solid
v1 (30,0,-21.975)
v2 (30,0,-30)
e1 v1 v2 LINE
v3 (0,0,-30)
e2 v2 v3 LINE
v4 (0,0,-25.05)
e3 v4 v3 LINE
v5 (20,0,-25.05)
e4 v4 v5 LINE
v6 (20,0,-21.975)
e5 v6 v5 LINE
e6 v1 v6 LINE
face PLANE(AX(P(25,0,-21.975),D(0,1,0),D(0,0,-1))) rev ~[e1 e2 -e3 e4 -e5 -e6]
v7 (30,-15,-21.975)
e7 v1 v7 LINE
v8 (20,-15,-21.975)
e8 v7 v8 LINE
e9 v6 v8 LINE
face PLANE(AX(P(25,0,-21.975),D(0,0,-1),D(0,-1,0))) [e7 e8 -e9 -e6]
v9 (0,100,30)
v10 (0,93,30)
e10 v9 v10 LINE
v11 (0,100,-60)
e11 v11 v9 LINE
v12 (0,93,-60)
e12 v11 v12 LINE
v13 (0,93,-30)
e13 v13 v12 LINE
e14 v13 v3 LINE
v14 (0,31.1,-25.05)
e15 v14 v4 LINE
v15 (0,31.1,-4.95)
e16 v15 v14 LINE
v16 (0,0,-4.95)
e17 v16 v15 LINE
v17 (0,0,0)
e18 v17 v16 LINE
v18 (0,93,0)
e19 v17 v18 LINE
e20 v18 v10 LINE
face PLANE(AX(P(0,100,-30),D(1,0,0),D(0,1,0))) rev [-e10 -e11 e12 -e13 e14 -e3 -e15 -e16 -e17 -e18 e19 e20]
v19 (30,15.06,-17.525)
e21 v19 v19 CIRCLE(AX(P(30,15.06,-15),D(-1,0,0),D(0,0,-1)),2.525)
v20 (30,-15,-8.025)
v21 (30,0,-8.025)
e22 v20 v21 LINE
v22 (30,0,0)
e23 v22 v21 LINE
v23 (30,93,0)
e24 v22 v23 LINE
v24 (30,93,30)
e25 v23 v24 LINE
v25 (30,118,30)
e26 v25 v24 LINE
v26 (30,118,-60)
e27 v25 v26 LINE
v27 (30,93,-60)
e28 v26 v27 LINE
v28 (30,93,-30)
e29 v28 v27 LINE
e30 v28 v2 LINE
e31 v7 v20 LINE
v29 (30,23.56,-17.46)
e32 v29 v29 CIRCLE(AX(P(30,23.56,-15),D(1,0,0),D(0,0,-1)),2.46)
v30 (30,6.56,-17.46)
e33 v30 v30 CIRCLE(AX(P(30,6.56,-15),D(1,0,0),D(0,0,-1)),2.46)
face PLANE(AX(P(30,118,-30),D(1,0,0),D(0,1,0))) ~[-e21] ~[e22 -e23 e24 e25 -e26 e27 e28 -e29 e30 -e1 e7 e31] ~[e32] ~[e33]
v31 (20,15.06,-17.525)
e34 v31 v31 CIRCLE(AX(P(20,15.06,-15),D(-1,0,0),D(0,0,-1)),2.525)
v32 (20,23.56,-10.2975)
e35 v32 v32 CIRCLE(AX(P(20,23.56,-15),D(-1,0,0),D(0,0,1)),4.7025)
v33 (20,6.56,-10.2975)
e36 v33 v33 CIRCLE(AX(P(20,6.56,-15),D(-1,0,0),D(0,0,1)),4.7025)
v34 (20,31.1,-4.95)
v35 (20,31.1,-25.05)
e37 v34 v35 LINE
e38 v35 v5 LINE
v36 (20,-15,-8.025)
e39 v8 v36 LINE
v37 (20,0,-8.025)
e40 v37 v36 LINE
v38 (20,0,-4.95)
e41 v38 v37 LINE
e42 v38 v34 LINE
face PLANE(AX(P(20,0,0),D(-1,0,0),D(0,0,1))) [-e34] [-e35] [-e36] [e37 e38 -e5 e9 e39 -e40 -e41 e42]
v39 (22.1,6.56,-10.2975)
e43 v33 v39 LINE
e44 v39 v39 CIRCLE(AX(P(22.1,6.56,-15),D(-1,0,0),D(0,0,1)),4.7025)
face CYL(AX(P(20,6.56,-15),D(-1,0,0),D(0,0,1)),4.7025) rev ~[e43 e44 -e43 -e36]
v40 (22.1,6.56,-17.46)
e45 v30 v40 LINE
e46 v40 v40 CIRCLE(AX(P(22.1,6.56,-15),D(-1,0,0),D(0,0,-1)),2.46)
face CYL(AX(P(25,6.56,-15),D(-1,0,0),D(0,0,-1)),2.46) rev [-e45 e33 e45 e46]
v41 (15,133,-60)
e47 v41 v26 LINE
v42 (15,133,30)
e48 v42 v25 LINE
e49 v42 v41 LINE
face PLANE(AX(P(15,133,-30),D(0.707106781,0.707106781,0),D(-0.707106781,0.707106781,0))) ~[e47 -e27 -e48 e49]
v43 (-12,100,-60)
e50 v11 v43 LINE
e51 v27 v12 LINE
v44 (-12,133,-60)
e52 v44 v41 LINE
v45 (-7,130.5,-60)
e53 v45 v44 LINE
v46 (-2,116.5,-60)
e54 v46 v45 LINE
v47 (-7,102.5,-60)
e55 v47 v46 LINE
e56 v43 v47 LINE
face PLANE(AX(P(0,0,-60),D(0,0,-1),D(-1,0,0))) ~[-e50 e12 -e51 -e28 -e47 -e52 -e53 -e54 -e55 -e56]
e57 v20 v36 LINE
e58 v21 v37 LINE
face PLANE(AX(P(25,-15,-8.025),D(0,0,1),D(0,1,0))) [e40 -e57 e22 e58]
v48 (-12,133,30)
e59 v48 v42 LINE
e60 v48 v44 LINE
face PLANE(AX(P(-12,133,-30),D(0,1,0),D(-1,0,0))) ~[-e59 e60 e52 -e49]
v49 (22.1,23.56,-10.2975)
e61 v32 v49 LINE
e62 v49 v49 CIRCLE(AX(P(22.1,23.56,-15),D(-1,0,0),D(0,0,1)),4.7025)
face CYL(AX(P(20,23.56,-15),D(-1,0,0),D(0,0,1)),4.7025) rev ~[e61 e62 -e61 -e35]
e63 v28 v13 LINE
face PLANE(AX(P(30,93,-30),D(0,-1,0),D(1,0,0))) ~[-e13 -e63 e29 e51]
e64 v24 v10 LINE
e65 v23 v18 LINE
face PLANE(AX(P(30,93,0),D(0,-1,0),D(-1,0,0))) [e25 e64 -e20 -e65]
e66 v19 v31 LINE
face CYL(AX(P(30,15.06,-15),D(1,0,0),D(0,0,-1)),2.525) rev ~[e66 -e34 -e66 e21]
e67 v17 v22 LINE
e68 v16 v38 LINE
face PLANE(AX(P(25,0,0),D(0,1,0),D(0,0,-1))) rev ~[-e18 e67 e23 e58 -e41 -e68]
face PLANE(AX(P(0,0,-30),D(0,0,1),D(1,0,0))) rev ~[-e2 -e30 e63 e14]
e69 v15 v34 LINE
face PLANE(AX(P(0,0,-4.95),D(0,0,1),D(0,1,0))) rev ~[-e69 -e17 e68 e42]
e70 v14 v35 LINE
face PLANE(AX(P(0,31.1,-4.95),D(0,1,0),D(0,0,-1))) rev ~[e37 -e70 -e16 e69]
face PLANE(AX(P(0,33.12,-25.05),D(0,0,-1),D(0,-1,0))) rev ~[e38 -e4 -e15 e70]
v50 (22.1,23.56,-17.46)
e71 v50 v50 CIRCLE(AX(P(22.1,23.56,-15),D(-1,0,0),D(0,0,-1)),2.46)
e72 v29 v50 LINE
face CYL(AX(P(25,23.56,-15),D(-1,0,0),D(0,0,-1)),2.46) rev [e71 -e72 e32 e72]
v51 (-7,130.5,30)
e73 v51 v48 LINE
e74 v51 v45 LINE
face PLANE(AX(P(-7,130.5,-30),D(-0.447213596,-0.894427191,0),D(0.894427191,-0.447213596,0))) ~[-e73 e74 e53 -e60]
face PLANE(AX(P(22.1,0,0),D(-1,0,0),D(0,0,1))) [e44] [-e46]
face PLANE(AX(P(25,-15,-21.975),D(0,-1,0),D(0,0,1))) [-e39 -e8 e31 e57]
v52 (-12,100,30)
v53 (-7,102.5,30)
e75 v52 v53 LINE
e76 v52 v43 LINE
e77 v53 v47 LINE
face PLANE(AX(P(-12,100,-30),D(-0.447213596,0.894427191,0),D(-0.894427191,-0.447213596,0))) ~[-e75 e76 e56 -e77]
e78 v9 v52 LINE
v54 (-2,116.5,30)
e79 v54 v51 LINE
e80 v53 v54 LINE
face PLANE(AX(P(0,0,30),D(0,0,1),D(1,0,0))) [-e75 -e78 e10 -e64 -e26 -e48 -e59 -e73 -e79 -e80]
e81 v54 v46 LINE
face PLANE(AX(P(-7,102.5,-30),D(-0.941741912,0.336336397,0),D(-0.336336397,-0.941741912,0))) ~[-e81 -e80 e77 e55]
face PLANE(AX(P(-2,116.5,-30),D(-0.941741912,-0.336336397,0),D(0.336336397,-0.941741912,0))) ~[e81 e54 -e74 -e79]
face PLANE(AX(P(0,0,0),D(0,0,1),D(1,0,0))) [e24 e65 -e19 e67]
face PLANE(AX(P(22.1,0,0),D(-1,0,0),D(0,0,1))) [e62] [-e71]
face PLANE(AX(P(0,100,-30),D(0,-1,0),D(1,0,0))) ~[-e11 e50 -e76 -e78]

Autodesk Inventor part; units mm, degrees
ref_plane "YZ Plane" through (0, 0, 0) normal (1, 0, 0) x (0, 1, 0)
ref_plane "XZ Plane" through (0, 0, 0) normal (0, 1, 0) x (-1, 0, 0)
sketch "Sketch1" plane through (0, 0, 0) normal (0, 0, 1) x (1, 0, 0)
  line L0 (0, 0) -> (25, 0)
  line L1 (25, 0) -> (25, 40)
  line L2 (25, 40) -> (0, 40)
  line L3 (0, 40) -> (0, 0)
  dimension "d1" = 25
  dimension "d2" = 40
  dimension "d3" = 25
extrude "Extrusion1" add sketch "Sketch1" against normal blind 30
sketch "Sketch2" plane through (25, 0, 0) normal (1, 0, 0) x (0, 0, -1)
  line L0 (0, 0) -> (30, 0) projected
  circle A0 centre (15, 6.56) radius 2.46
extrude "Extrusion2" cut sketch "Sketch2" against normal blind 30
sketch "Sketch3" plane through (0, 0, 0) normal (-1, 0, 0) x (0, 0, 1)
  line L0 (0, 0) -> (-30, 0) projected
  line L1 (-25.05, 0) -> (-4.95, 0)
  line L2 (-4.95, 0) -> (-4.95, 33.12)
  line L3 (-4.95, 33.12) -> (-25.05, 33.12)
  line L4 (-25.05, 33.12) -> (-25.05, 0)
  dimension "d11" = 20.1
extrude "Extrusion3" cut sketch "Sketch3" against normal blind 20
sketch "Sketch4" plane through (0, 0, 0) normal (0, -1, 0) x (1, 0, 0)
  line L0 (20, -4.95) -> (20, -25.05) projected
  line L1 (20, -15) -> (25, -15)
  line L2 (25, 0) -> (25, -30) projected
  line L3 (20, -8.025) -> (25, -8.025)
  line L4 (25, -8.025) -> (25, -21.975)
  line L5 (25, -21.975) -> (20, -21.975)
  line L6 (20, -21.975) -> (20, -8.025)
  line L7 (20, -8.025) -> (25, -21.975) construction
  line L8 (25, -8.025) -> (20, -21.975) construction
  line L9 (25, -12.54) -> (25, -17.46) projected
  point P0 (0, 0)
  point P1 (22.5, -15)
  dimension "d14" = 13.95
extrude "Extrusion4" add sketch "Sketch4" along normal blind 15
sketch "Sketch5" plane through (20, 0, 0) normal (-1, 0, 0) x (0, 0, 1)
  circle A0 centre (-15, 6.56) radius 2.46 projected
  circle A1 centre (-15, 6.56) radius 4.7025
  circle A2 centre (-15, 6.56) radius 2.46 projected
  circle A3 centre (-15, 6.56) radius 2.46
  point P0 (0, 0)
  dimension "d17" = 9.405
extrude "Extrusion5" cut sketch "Sketch5" against normal blind 2.1
sketch "Sketch6" plane through (25, 0, 0) normal (1, 0, 0) x (0, 0, -1)
  circle A0 centre (15, 6.56) radius 4.7025 projected
  line L0 (15, 6.56) -> (15, 23.56)
  circle A1 centre (15, 23.56) radius 2.46
  point P0 (0, 0)
  dimension "d20" = 17
  dimension "d21" = 4.92
extrude "Extrusion6" cut sketch "Sketch6" against normal blind 10 contours A1
sketch "Sketch7" plane through (20, 0, 0) normal (-1, 0, 0) x (0, 0, 1)
  circle A0 centre (-15, 23.56) radius 2.46 projected
  circle A1 centre (-15, 23.56) radius 4.7025
  point P0 (0, 0)
  dimension "d24" = 9.405
extrude "Extrusion7" cut sketch "Sketch7" against normal blind 2.1
sketch "Sketch9" plane through (25, 0, 0) normal (1, 0, 0) x (0, 0, -1)
  circle A0 centre (15, 6.56) radius 2.46 projected
  circle A1 centre (15, 6.56) radius 2.46
  circle A2 centre (15, 23.56) radius 2.46 projected
  circle A3 centre (15, 23.56) radius 2.46
  line L0 (30, 40) -> (30, 0) projected
  line L1 (30, 0) -> (30, 40)
  line L2 (30, 40) -> (0, 40)
  line L3 (0, 40) -> (0, 0)
  line L4 (0, 0) -> (8.025, 0) projected
  line L5 (21.975, 0) -> (21.975, -15)
  line L6 (21.975, -15) -> (8.025, -15)
  line L7 (8.025, -15) -> (8.025, 0)
  line L8 (0, 0) -> (8.025, 0)
  line L9 (21.975, 0) -> (30, 0)
extrude "Extrusion8" add sketch "Sketch9" along normal blind 5
sketch "Sketch10" plane through (0, 40, 0) normal (0, 1, 0) x (1, 0, 0)
  line L0 (0, 30) -> (30, 30) projected
  line L1 (30, 0) -> (0, 0) projected
  line L2 (0, 30) -> (30, 30)
  line L3 (30, 30) -> (30, 0)
  line L4 (30, 0) -> (0, 0)
  line L5 (0, 0) -> (0, 30)
extrude "Extrusion9" add sketch "Sketch10" along normal blind 30
sketch "Sketch12" plane through (30, 0, 0) normal (1, 0, 0) x (0, 0, -1)
  circle A0 centre (15, 6.56) radius 2.46 projected
  line L0 (15, 6.56) -> (15, 15.06)
  circle A1 centre (15, 15.06) radius 2.525
  point P0 (0, 0)
  dimension "d31" = 8.5
  dimension "d33" = 5.05
extrude "Extrusion10" cut sketch "Sketch12" against normal blind 30 contours A1
sketch "Sketch14" plane through (0, 0, 0) normal (0, 0, 1) x (1, 0, 0)
  line L0 (30, 70) -> (0, 70) projected
  line L1 (0, 70) -> (0, 85)
  line L2 (30, 0) -> (30, 70) projected
  line L3 (30, 118) -> (30, 70)
  line L4 (30, 105) -> (30, 100)
  line L5 (-12, 133) -> (15, 133)
  line L6 (-7, 130.5) -> (-12, 133)
  line L7 (-7, 130.5) -> (-2, 116.5)
  line L8 (-7, 102.5) -> (-12, 100)
  line L9 (-7, 102.5) -> (-2, 116.5)
  line L10 (30, 118) -> (15, 133)
  line L11 (0, 100) -> (-12, 100)
  line L12 (0, 100) -> (0, 85)
  point P0 (0, 0)
  dimension "d79" = 12
extrude "Extrusion12" add sketch "Sketch14" against normal blind 30
sketch "Sketch15" plane through (0, 0, -25.05) normal (-1, 0, 0) x (0, 0, 1)
  line L0 (0, 33.12) -> (20.1, 33.12) projected
  line L1 (20.1, 33.12) -> (20.1, 0) projected
  line L2 (0, 33.12) -> (20.1, 33.12)
  line L3 (20.1, 33.12) -> (20.1, 31.1)
  line L4 (20.1, 31.1) -> (0, 31.1)
  line L5 (0, 31.1) -> (0, 33.12)
  point P0 (25.05, 0)
  dimension "d57" = 2.02
extrude "Extrusion13" add sketch "Sketch15" against normal blind 20
sketch "Sketch22" plane through (0, 0, 0) normal (0, 0, 1) x (1, 0, 0)
  line L0 (0, 100) -> (-12, 100) projected
  line L1 (0, 100) -> (-12, 100)
  line L2 (-12, 100) -> (-7, 102.5) projected
  line L3 (-12, 100) -> (-7, 102.5)
  line L4 (-7, 102.5) -> (-2, 116.5) projected
  line L5 (-7, 102.5) -> (-2, 116.5)
  line L6 (-2, 116.5) -> (-7, 130.5) projected
  line L7 (-2, 116.5) -> (-7, 130.5)
  line L8 (-7, 130.5) -> (-12, 133) projected
  line L9 (-7, 130.5) -> (-12, 133)
  line L10 (-12, 133) -> (15, 133) projected
  line L11 (-12, 133) -> (15, 133)
  line L12 (15, 133) -> (30, 118) projected
  line L13 (15, 133) -> (30, 118)
  line L14 (30, 118) -> (30, 93)
  line L15 (30, 0) -> (30, 118) projected
  line L16 (30, 93) -> (0, 93)
  line L17 (0, 100) -> (0, 0) projected
  line L18 (0, 93) -> (0, 100)
  dimension "d80" = 25
extrude "Extrusion14" add sketch "Sketch22" along normal blind 30
ref_plane "Work Plane1" through (0, 0, -15) normal (0, 0, 1) x (1, 0, 0)
mirror "Mirror1" about plane through (0, 0, -15) normal (0, 0, 1) of "Extrusion14"
properties part number "rec_b_28mm_x_90mm"
